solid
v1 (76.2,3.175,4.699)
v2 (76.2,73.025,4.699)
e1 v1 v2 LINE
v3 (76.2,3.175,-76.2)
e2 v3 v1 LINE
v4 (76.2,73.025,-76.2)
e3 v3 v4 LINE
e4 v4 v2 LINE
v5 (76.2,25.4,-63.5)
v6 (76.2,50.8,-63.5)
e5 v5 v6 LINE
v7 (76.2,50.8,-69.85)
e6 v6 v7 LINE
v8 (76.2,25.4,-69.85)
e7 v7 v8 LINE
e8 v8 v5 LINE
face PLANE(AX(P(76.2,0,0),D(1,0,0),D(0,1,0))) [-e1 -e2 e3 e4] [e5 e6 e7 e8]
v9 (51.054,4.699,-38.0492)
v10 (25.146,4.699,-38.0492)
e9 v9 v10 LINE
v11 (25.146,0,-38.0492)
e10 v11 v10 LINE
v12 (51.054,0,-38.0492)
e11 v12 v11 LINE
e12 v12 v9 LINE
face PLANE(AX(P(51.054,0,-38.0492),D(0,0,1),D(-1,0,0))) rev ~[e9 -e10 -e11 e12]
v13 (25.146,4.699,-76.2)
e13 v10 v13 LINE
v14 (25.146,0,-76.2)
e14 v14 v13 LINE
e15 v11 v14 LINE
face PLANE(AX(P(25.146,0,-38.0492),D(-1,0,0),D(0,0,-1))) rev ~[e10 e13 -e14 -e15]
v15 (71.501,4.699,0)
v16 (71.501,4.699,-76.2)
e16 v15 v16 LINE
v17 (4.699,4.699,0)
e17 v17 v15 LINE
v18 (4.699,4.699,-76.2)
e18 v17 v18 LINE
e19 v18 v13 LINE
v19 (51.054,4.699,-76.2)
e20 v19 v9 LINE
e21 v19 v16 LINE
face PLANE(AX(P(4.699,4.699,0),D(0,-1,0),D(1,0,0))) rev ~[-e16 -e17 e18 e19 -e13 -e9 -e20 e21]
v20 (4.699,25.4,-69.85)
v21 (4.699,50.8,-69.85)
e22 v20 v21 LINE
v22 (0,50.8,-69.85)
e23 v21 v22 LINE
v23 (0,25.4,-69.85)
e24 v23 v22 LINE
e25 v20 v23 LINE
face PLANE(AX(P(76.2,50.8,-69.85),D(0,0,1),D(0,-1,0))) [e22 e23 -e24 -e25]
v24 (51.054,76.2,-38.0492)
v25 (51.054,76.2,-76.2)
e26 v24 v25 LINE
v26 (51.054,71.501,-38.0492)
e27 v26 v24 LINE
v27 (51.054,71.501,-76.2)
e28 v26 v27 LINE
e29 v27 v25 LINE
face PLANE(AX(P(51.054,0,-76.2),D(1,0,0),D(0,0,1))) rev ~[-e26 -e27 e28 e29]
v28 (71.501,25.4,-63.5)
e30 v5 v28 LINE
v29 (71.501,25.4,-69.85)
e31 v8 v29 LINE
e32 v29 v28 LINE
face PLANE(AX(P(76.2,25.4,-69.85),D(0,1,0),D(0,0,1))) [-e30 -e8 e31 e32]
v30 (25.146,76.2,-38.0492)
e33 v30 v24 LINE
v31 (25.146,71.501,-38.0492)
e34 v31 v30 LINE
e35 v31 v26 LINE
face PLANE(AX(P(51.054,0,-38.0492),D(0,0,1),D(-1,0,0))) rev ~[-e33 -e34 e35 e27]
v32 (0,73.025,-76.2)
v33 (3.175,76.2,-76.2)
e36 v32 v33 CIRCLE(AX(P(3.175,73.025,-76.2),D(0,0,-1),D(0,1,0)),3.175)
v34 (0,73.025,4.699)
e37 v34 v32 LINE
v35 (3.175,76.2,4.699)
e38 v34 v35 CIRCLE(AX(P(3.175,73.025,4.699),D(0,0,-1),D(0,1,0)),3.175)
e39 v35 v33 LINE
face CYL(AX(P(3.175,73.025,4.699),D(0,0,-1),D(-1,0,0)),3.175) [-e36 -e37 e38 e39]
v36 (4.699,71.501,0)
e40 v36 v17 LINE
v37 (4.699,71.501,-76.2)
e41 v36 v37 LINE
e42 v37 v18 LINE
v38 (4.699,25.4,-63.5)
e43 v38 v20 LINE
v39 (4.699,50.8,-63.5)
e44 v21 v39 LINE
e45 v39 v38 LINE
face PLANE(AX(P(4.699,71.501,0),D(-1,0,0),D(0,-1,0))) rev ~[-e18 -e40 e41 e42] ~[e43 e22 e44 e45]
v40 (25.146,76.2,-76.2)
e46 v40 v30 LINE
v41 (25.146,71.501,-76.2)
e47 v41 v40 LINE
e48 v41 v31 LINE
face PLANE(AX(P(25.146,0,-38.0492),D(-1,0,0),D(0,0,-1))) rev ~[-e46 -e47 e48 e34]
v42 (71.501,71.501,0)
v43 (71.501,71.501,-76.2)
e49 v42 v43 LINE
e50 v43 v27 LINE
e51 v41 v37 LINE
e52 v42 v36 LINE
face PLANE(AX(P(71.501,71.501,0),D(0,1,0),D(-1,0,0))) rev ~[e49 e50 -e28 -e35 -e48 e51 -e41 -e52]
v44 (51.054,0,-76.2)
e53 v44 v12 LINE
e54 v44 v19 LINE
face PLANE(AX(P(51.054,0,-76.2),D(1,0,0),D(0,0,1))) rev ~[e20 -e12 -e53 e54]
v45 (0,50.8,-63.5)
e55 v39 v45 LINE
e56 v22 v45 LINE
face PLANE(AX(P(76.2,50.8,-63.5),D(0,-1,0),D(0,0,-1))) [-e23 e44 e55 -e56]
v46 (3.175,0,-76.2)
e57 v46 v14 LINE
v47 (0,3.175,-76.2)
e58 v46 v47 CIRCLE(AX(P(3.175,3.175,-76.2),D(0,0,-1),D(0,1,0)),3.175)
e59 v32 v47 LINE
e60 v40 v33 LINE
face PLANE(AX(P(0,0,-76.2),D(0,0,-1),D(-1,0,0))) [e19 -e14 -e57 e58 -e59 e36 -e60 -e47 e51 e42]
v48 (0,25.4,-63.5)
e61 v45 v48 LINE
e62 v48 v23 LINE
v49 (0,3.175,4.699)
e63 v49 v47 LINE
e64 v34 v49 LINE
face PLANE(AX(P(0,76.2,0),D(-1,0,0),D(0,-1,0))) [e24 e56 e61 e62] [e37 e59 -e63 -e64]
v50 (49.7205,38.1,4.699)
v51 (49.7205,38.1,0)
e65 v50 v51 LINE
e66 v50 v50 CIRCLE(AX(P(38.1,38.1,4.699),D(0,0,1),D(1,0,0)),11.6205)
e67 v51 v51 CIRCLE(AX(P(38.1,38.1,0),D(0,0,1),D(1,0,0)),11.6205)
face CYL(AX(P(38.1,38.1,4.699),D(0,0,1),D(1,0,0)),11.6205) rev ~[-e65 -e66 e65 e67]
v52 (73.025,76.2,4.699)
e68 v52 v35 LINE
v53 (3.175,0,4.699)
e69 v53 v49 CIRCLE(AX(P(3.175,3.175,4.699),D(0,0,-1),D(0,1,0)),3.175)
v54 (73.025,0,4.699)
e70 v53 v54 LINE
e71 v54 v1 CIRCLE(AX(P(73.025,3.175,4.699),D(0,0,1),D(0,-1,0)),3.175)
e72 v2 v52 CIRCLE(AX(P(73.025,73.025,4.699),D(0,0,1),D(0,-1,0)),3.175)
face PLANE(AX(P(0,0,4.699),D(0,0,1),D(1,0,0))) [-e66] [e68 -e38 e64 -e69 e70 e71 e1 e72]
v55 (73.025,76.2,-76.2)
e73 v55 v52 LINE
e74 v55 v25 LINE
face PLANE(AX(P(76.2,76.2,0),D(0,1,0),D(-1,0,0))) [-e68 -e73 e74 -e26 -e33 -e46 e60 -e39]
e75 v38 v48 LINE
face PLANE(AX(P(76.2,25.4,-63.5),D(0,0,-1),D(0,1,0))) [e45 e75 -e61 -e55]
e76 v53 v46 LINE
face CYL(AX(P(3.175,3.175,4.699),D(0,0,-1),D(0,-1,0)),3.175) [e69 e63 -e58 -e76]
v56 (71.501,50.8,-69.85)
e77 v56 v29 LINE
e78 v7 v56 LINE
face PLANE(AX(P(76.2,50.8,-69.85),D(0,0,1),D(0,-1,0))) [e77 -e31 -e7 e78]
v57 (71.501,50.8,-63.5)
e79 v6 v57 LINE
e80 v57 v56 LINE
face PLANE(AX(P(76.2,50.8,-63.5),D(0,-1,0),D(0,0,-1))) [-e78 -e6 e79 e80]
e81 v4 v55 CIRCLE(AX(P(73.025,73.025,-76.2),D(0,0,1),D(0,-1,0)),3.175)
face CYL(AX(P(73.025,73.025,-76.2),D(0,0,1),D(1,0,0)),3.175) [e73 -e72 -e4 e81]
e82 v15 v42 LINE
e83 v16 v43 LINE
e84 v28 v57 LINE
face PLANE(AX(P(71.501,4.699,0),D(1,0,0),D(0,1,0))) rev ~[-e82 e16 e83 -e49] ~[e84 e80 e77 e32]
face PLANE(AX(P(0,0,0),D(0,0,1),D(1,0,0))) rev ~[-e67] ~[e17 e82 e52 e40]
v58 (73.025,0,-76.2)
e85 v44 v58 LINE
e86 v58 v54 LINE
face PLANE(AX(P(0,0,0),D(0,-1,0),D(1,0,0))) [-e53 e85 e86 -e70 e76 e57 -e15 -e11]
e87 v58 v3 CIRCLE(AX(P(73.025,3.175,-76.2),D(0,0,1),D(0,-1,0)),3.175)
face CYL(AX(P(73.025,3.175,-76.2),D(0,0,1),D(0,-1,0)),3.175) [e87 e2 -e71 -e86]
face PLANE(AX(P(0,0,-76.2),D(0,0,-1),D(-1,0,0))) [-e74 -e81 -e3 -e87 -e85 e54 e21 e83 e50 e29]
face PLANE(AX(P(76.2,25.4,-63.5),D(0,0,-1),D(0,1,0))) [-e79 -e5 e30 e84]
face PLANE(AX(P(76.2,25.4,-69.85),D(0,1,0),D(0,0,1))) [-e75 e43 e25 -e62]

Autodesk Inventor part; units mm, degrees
ref_plane "YZ Plane" through (0, 0, 0) normal (1, 0, 0) x (0, 1, 0)
ref_plane "XZ Plane" through (0, 0, 0) normal (0, 1, 0) x (-1, 0, 0)
ref_plane "XY Plane" through (0, 0, 0) normal (0, 0, 1) x (1, 0, 0)
sketch "Sketch1" plane through (0, 0, 0) normal (0, 0, 1) x (1, 0, 0)
  line L0 (0, 0) -> (76.2, 0)
  line L1 (76.2, 0) -> (76.2, 76.2)
  line L2 (76.2, 76.2) -> (0, 76.2)
  line L3 (0, 76.2) -> (0, 0)
  dimension "d0" = 76.2
  dimension "d1" = 76.2
extrude "Extrusion1" add sketch "Sketch1" along normal blind 4.699
sketch "Sketch2" plane through (0, 0, 4.699) normal (0, 0, 1) x (1, 0, 0)
  point P0 (0, 0)
sketch "Sketch3" plane through (0, 0, 4.699) normal (0, 0, 1) x (1, 0, 0)
  circle A0 centre (38.1, 38.1) radius 11.6205
  line L0 (0, 76.2) -> (0, 0) projected
  line L1 (0, 0) -> (76.2, 0) projected
  point P0 (0, 73.025)
  point P1 (0, 3.175)
  point P2 (3.175, 0)
  point P3 (73.025, 0)
  dimension "d5" = 23.241
  dimension "d6" = 38.1
  dimension "d7" = 38.1
extrude "Extrusion2" cut sketch "Sketch3" against normal blind 4.699
sketch "Sketch5" plane through (0, 0, 0) normal (0, 0, -1) x (-1, 0, 0)
  line L0 (-4.699, 4.699) -> (-71.501, 4.699)
  line L1 (-71.501, 4.699) -> (-71.501, 71.501)
  line L2 (-71.501, 71.501) -> (-4.699, 71.501)
  line L3 (-4.699, 71.501) -> (-4.699, 4.699)
  line L4 (0, 0) -> (-76.2, 0) projected
  line L5 (0, 76.2) -> (0, 0) projected
  line L6 (-76.2, 76.2) -> (0, 76.2) projected
  line L7 (-76.2, 0) -> (-76.2, 76.2) projected
  line L8 (0, 76.2) -> (0, 0) projected
  line L9 (0, 0) -> (-76.2, 0)
  line L10 (-76.2, 0) -> (-76.2, 76.2)
  line L11 (-76.2, 76.2) -> (0, 76.2)
  line L12 (0, 76.2) -> (0, 0)
  dimension "d18" = 4.699
  dimension "d19" = 4.699
  dimension "d20" = 4.699
  dimension "d21" = 4.699
extrude "Extrusion4" add sketch "Sketch5" along normal blind 76.2
sketch "Sketch6" plane through (0, 0, 4.699) normal (0, -1, 0) x (1, 0, 0)
  line L0 (4.699, -80.899) -> (71.501, -80.899) projected
  line L1 (25.146, -80.899) -> (51.054, -80.899)
  line L2 (51.054, -80.899) -> (51.054, -42.7482)
  line L3 (51.054, -42.7482) -> (25.146, -42.7482)
  line L4 (25.146, -42.7482) -> (25.146, -80.899)
  line L5 (76.2, -80.899) -> (76.2, 0) projected
  line L6 (0, 0) -> (0, -80.899) projected
  point P0 (0, -4.699)
  dimension "d24" = 25.908
  dimension "d25" = 38.1508
  dimension "d26" = 25.146
  dimension "d27" = 25.146
extrude "Extrusion5" cut sketch "Sketch6" against normal through all
sketch "Sketch7" plane through (76.2, 0, 4.699) normal (1, 0, 0) x (0, 0, -1)
  line L0 (74.549, 25.4) -> (68.199, 25.4)
  line L1 (68.199, 25.4) -> (68.199, 50.8)
  line L2 (68.199, 50.8) -> (74.549, 50.8)
  line L3 (74.549, 50.8) -> (74.549, 25.4)
  line L4 (80.899, 76.2) -> (80.899, 0) projected
  line L5 (80.899, 76.2) -> (0, 76.2) projected
  line L6 (80.899, 0) -> (0, 0) projected
  point P0 (4.699, 0)
  dimension "d30" = 6.35
  dimension "d31" = 25.4
  dimension "d32" = 6.35
  dimension "d33" = 25.4
  dimension "d34" = 25.4
extrude "Extrusion6" cut sketch "Sketch7" against normal through all
fillet "Fillet2" radius 3.175 4 edges at (76.2, 76.2, -35.7505) (0, 76.2, -35.7505) (76.2, 0, -35.7505) (0, 0, -35.7505)
properties part number "buttonInchPipeMount"
